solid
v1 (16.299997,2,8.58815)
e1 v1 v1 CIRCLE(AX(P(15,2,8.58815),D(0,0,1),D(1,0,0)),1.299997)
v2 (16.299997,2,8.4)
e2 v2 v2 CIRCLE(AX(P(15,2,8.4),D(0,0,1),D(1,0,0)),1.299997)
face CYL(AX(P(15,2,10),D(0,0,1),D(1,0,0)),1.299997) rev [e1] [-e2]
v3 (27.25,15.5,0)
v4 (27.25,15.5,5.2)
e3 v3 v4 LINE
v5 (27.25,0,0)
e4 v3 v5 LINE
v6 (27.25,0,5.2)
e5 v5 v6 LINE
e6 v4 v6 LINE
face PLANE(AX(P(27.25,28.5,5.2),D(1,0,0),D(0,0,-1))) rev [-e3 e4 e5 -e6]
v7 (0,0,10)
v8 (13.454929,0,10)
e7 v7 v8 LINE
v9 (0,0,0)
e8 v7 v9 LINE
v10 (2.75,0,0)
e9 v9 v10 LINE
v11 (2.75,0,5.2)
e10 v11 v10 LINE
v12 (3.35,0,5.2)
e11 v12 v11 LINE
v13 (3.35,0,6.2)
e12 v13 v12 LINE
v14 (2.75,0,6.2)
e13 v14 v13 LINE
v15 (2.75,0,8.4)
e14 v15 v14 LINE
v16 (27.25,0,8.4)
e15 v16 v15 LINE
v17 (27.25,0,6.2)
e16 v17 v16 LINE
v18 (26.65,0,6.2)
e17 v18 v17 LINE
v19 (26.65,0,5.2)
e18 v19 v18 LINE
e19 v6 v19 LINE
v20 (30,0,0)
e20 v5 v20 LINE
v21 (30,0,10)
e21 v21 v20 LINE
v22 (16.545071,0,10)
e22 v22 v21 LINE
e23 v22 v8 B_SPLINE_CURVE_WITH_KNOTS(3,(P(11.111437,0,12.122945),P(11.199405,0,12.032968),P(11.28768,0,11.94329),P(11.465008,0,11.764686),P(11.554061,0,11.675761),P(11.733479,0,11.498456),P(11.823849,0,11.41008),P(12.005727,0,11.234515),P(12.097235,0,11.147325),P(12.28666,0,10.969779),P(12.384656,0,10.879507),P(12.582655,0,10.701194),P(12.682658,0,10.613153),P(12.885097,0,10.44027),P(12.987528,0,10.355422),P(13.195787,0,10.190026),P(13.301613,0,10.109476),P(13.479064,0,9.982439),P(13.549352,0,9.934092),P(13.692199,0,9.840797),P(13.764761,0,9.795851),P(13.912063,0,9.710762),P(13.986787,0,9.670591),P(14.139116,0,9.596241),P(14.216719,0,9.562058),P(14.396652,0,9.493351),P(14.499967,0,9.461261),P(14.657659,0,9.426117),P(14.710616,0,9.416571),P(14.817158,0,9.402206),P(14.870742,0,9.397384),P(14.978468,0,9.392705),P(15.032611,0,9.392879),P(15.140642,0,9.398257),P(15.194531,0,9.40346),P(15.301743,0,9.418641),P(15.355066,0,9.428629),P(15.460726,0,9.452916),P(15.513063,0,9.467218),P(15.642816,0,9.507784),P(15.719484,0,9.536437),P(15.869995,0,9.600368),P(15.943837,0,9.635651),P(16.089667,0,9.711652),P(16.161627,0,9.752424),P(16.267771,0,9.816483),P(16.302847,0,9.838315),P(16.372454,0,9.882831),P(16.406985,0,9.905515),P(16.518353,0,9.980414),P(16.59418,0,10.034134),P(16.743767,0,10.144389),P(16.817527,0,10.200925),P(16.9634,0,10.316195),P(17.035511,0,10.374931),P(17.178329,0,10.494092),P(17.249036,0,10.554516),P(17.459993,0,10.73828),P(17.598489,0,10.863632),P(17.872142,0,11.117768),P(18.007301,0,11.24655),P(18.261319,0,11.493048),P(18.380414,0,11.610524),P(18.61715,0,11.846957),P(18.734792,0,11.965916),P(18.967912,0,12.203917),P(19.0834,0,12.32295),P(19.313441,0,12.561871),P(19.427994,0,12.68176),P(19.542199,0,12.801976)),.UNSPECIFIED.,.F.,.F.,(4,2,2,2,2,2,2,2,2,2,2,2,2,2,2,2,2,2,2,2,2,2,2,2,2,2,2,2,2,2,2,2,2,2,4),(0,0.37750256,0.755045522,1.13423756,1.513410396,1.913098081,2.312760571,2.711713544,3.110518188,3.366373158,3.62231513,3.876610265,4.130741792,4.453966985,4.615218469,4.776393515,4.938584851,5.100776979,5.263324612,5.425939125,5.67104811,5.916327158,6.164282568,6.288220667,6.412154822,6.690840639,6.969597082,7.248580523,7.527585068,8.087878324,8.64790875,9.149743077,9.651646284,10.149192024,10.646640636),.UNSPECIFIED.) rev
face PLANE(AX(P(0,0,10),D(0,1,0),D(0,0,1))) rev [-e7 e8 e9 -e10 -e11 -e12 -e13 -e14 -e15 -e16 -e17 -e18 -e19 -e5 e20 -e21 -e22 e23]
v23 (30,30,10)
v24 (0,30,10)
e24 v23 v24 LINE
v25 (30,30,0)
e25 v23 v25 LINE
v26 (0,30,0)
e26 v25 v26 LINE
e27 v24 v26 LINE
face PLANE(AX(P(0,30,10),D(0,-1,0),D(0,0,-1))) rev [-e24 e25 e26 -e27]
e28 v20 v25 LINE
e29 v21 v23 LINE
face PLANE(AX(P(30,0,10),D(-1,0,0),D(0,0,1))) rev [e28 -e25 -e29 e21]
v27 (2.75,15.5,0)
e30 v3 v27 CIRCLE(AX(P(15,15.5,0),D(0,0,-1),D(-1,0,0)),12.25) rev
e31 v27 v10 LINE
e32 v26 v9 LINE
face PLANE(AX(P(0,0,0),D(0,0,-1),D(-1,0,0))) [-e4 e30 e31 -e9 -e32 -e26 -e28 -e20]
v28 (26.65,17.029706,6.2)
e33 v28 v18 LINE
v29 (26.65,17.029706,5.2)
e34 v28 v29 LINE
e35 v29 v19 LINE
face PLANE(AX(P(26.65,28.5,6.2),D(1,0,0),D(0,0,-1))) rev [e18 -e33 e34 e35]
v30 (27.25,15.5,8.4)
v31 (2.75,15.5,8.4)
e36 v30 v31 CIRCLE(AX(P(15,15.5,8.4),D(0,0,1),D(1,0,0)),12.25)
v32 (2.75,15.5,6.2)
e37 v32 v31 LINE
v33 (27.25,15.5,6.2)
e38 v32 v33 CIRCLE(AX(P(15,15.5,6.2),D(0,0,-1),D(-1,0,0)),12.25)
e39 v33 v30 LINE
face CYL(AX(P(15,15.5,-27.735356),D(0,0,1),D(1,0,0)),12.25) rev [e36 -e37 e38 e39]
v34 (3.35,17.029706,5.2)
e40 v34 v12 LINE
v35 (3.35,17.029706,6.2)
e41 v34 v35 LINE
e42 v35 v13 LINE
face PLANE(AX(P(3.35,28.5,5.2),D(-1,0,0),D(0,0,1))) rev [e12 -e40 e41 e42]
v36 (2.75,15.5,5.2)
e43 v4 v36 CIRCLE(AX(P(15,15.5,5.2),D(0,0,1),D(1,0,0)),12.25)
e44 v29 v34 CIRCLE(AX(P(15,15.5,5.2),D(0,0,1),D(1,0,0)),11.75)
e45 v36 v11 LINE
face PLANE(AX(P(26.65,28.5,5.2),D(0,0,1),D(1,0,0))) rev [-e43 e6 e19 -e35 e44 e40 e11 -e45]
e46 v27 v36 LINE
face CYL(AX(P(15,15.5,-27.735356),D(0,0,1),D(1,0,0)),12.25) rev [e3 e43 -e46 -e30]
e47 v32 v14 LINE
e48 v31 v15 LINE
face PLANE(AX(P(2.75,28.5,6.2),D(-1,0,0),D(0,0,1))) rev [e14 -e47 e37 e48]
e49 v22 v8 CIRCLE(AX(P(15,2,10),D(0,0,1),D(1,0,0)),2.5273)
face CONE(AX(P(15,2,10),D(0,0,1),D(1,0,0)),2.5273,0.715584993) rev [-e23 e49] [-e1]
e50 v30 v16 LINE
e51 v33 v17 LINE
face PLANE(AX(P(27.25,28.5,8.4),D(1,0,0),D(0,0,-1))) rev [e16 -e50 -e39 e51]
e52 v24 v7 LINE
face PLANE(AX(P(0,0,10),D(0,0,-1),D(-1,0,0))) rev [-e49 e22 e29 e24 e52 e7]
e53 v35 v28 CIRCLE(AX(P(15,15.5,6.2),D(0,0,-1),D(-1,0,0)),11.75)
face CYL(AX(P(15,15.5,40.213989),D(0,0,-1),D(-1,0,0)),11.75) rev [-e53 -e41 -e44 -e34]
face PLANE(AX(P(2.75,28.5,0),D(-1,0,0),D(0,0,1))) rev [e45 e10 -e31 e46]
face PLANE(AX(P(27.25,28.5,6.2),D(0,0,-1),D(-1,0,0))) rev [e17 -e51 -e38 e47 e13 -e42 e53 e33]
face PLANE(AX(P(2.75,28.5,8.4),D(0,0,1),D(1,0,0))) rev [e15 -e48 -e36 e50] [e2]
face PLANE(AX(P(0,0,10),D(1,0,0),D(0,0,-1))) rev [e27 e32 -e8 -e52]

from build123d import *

# Parameters (mm, degrees)
ESQUISSE1_W                                       = 30
ESQUISSE1_H                                       = 30
MAIN_DEPTH                                        = 10
MAIN_FIX_DEPTH                                    = 28.5
BOSS_EXTRU_2_DEPTH                                = 8.4
BOSS_EXTRU_3_DEPTH                                = 1
FRAISAGE_POUR_VIS_T_TE_FRAIS_E_BOMB_E_D           = 2.5999948
FRAISAGE_POUR_VIS_T_TE_FRAIS_E_BOMB_E_CSINK_D     = 5.0546
FRAISAGE_POUR_VIS_T_TE_FRAIS_E_BOMB_E_CSINK_ANGLE = 82


with BuildPart() as part:
    # Esquisse1 → Main (new body)
    with BuildSketch(Plane.XY):
        with Locations((15, 15)):
            Rectangle(ESQUISSE1_W, ESQUISSE1_H)
    extrude(amount=MAIN_DEPTH)

    # Esquisse2 → Main Fix (cut)
    with BuildSketch(Plane.XZ):
        Polygon((2.75, 0), (2.75, 5.2), (3.35, 5.2), (3.35, 6.2), (2.75, 6.2), (2.75, 8.4), (27.25, 8.4), (27.25, 6.2), (26.65, 6.2), (26.65, 5.2), (27.25, 5.2), (27.25, 0), align=None)
    extrude(amount=-MAIN_FIX_DEPTH, mode=Mode.SUBTRACT)

    # Esquisse4 → Boss.-Extru.2 (add)
    with BuildSketch(Plane(origin=(0, 0, 8.4), x_dir=(-1, 0, 0), z_dir=(0, 0, -1))):
        with BuildLine():
            Line((-27.25, 15.5), (-27.25, 28.5))
            Line((-27.25, 28.5), (-2.75, 28.5))
            Line((-2.75, 28.5), (-2.75, 15.5))
            ThreePointArc((-2.75, 15.5), (-15, 27.75), (-27.25, 15.5))
        make_face()
    extrude(amount=BOSS_EXTRU_2_DEPTH)

    # Esquisse5 → Boss.-Extru.3 (add)
    with BuildSketch(Plane(origin=(0, 0, 5.2), x_dir=(-1, 0, 0), z_dir=(0, 0, -1))):
        with BuildLine():
            Line((-3.35, 13.970294146), (0, 13.970294146))
            Line((0, 13.970294146), (0, 30))
            Line((0, 30), (-30, 30))
            Line((-30, 30), (-30, 13.970294146))
            Line((-30, 13.970294146), (-26.65, 13.970294146))
            ThreePointArc((-26.65, 13.970294146), (-15, 27.25), (-3.35, 13.970294146))
        make_face()
    extrude(amount=-BOSS_EXTRU_3_DEPTH)

    # Fraisage pour vis à tête fraisée bombée #33 (through all)
    with Locations(Plane.XY.offset(10)):
        with Locations((15, 2)):
            CounterSinkHole(FRAISAGE_POUR_VIS_T_TE_FRAIS_E_BOMB_E_D / 2, FRAISAGE_POUR_VIS_T_TE_FRAIS_E_BOMB_E_CSINK_D / 2, counter_sink_angle=FRAISAGE_POUR_VIS_T_TE_FRAIS_E_BOMB_E_CSINK_ANGLE)


solid = part.part
